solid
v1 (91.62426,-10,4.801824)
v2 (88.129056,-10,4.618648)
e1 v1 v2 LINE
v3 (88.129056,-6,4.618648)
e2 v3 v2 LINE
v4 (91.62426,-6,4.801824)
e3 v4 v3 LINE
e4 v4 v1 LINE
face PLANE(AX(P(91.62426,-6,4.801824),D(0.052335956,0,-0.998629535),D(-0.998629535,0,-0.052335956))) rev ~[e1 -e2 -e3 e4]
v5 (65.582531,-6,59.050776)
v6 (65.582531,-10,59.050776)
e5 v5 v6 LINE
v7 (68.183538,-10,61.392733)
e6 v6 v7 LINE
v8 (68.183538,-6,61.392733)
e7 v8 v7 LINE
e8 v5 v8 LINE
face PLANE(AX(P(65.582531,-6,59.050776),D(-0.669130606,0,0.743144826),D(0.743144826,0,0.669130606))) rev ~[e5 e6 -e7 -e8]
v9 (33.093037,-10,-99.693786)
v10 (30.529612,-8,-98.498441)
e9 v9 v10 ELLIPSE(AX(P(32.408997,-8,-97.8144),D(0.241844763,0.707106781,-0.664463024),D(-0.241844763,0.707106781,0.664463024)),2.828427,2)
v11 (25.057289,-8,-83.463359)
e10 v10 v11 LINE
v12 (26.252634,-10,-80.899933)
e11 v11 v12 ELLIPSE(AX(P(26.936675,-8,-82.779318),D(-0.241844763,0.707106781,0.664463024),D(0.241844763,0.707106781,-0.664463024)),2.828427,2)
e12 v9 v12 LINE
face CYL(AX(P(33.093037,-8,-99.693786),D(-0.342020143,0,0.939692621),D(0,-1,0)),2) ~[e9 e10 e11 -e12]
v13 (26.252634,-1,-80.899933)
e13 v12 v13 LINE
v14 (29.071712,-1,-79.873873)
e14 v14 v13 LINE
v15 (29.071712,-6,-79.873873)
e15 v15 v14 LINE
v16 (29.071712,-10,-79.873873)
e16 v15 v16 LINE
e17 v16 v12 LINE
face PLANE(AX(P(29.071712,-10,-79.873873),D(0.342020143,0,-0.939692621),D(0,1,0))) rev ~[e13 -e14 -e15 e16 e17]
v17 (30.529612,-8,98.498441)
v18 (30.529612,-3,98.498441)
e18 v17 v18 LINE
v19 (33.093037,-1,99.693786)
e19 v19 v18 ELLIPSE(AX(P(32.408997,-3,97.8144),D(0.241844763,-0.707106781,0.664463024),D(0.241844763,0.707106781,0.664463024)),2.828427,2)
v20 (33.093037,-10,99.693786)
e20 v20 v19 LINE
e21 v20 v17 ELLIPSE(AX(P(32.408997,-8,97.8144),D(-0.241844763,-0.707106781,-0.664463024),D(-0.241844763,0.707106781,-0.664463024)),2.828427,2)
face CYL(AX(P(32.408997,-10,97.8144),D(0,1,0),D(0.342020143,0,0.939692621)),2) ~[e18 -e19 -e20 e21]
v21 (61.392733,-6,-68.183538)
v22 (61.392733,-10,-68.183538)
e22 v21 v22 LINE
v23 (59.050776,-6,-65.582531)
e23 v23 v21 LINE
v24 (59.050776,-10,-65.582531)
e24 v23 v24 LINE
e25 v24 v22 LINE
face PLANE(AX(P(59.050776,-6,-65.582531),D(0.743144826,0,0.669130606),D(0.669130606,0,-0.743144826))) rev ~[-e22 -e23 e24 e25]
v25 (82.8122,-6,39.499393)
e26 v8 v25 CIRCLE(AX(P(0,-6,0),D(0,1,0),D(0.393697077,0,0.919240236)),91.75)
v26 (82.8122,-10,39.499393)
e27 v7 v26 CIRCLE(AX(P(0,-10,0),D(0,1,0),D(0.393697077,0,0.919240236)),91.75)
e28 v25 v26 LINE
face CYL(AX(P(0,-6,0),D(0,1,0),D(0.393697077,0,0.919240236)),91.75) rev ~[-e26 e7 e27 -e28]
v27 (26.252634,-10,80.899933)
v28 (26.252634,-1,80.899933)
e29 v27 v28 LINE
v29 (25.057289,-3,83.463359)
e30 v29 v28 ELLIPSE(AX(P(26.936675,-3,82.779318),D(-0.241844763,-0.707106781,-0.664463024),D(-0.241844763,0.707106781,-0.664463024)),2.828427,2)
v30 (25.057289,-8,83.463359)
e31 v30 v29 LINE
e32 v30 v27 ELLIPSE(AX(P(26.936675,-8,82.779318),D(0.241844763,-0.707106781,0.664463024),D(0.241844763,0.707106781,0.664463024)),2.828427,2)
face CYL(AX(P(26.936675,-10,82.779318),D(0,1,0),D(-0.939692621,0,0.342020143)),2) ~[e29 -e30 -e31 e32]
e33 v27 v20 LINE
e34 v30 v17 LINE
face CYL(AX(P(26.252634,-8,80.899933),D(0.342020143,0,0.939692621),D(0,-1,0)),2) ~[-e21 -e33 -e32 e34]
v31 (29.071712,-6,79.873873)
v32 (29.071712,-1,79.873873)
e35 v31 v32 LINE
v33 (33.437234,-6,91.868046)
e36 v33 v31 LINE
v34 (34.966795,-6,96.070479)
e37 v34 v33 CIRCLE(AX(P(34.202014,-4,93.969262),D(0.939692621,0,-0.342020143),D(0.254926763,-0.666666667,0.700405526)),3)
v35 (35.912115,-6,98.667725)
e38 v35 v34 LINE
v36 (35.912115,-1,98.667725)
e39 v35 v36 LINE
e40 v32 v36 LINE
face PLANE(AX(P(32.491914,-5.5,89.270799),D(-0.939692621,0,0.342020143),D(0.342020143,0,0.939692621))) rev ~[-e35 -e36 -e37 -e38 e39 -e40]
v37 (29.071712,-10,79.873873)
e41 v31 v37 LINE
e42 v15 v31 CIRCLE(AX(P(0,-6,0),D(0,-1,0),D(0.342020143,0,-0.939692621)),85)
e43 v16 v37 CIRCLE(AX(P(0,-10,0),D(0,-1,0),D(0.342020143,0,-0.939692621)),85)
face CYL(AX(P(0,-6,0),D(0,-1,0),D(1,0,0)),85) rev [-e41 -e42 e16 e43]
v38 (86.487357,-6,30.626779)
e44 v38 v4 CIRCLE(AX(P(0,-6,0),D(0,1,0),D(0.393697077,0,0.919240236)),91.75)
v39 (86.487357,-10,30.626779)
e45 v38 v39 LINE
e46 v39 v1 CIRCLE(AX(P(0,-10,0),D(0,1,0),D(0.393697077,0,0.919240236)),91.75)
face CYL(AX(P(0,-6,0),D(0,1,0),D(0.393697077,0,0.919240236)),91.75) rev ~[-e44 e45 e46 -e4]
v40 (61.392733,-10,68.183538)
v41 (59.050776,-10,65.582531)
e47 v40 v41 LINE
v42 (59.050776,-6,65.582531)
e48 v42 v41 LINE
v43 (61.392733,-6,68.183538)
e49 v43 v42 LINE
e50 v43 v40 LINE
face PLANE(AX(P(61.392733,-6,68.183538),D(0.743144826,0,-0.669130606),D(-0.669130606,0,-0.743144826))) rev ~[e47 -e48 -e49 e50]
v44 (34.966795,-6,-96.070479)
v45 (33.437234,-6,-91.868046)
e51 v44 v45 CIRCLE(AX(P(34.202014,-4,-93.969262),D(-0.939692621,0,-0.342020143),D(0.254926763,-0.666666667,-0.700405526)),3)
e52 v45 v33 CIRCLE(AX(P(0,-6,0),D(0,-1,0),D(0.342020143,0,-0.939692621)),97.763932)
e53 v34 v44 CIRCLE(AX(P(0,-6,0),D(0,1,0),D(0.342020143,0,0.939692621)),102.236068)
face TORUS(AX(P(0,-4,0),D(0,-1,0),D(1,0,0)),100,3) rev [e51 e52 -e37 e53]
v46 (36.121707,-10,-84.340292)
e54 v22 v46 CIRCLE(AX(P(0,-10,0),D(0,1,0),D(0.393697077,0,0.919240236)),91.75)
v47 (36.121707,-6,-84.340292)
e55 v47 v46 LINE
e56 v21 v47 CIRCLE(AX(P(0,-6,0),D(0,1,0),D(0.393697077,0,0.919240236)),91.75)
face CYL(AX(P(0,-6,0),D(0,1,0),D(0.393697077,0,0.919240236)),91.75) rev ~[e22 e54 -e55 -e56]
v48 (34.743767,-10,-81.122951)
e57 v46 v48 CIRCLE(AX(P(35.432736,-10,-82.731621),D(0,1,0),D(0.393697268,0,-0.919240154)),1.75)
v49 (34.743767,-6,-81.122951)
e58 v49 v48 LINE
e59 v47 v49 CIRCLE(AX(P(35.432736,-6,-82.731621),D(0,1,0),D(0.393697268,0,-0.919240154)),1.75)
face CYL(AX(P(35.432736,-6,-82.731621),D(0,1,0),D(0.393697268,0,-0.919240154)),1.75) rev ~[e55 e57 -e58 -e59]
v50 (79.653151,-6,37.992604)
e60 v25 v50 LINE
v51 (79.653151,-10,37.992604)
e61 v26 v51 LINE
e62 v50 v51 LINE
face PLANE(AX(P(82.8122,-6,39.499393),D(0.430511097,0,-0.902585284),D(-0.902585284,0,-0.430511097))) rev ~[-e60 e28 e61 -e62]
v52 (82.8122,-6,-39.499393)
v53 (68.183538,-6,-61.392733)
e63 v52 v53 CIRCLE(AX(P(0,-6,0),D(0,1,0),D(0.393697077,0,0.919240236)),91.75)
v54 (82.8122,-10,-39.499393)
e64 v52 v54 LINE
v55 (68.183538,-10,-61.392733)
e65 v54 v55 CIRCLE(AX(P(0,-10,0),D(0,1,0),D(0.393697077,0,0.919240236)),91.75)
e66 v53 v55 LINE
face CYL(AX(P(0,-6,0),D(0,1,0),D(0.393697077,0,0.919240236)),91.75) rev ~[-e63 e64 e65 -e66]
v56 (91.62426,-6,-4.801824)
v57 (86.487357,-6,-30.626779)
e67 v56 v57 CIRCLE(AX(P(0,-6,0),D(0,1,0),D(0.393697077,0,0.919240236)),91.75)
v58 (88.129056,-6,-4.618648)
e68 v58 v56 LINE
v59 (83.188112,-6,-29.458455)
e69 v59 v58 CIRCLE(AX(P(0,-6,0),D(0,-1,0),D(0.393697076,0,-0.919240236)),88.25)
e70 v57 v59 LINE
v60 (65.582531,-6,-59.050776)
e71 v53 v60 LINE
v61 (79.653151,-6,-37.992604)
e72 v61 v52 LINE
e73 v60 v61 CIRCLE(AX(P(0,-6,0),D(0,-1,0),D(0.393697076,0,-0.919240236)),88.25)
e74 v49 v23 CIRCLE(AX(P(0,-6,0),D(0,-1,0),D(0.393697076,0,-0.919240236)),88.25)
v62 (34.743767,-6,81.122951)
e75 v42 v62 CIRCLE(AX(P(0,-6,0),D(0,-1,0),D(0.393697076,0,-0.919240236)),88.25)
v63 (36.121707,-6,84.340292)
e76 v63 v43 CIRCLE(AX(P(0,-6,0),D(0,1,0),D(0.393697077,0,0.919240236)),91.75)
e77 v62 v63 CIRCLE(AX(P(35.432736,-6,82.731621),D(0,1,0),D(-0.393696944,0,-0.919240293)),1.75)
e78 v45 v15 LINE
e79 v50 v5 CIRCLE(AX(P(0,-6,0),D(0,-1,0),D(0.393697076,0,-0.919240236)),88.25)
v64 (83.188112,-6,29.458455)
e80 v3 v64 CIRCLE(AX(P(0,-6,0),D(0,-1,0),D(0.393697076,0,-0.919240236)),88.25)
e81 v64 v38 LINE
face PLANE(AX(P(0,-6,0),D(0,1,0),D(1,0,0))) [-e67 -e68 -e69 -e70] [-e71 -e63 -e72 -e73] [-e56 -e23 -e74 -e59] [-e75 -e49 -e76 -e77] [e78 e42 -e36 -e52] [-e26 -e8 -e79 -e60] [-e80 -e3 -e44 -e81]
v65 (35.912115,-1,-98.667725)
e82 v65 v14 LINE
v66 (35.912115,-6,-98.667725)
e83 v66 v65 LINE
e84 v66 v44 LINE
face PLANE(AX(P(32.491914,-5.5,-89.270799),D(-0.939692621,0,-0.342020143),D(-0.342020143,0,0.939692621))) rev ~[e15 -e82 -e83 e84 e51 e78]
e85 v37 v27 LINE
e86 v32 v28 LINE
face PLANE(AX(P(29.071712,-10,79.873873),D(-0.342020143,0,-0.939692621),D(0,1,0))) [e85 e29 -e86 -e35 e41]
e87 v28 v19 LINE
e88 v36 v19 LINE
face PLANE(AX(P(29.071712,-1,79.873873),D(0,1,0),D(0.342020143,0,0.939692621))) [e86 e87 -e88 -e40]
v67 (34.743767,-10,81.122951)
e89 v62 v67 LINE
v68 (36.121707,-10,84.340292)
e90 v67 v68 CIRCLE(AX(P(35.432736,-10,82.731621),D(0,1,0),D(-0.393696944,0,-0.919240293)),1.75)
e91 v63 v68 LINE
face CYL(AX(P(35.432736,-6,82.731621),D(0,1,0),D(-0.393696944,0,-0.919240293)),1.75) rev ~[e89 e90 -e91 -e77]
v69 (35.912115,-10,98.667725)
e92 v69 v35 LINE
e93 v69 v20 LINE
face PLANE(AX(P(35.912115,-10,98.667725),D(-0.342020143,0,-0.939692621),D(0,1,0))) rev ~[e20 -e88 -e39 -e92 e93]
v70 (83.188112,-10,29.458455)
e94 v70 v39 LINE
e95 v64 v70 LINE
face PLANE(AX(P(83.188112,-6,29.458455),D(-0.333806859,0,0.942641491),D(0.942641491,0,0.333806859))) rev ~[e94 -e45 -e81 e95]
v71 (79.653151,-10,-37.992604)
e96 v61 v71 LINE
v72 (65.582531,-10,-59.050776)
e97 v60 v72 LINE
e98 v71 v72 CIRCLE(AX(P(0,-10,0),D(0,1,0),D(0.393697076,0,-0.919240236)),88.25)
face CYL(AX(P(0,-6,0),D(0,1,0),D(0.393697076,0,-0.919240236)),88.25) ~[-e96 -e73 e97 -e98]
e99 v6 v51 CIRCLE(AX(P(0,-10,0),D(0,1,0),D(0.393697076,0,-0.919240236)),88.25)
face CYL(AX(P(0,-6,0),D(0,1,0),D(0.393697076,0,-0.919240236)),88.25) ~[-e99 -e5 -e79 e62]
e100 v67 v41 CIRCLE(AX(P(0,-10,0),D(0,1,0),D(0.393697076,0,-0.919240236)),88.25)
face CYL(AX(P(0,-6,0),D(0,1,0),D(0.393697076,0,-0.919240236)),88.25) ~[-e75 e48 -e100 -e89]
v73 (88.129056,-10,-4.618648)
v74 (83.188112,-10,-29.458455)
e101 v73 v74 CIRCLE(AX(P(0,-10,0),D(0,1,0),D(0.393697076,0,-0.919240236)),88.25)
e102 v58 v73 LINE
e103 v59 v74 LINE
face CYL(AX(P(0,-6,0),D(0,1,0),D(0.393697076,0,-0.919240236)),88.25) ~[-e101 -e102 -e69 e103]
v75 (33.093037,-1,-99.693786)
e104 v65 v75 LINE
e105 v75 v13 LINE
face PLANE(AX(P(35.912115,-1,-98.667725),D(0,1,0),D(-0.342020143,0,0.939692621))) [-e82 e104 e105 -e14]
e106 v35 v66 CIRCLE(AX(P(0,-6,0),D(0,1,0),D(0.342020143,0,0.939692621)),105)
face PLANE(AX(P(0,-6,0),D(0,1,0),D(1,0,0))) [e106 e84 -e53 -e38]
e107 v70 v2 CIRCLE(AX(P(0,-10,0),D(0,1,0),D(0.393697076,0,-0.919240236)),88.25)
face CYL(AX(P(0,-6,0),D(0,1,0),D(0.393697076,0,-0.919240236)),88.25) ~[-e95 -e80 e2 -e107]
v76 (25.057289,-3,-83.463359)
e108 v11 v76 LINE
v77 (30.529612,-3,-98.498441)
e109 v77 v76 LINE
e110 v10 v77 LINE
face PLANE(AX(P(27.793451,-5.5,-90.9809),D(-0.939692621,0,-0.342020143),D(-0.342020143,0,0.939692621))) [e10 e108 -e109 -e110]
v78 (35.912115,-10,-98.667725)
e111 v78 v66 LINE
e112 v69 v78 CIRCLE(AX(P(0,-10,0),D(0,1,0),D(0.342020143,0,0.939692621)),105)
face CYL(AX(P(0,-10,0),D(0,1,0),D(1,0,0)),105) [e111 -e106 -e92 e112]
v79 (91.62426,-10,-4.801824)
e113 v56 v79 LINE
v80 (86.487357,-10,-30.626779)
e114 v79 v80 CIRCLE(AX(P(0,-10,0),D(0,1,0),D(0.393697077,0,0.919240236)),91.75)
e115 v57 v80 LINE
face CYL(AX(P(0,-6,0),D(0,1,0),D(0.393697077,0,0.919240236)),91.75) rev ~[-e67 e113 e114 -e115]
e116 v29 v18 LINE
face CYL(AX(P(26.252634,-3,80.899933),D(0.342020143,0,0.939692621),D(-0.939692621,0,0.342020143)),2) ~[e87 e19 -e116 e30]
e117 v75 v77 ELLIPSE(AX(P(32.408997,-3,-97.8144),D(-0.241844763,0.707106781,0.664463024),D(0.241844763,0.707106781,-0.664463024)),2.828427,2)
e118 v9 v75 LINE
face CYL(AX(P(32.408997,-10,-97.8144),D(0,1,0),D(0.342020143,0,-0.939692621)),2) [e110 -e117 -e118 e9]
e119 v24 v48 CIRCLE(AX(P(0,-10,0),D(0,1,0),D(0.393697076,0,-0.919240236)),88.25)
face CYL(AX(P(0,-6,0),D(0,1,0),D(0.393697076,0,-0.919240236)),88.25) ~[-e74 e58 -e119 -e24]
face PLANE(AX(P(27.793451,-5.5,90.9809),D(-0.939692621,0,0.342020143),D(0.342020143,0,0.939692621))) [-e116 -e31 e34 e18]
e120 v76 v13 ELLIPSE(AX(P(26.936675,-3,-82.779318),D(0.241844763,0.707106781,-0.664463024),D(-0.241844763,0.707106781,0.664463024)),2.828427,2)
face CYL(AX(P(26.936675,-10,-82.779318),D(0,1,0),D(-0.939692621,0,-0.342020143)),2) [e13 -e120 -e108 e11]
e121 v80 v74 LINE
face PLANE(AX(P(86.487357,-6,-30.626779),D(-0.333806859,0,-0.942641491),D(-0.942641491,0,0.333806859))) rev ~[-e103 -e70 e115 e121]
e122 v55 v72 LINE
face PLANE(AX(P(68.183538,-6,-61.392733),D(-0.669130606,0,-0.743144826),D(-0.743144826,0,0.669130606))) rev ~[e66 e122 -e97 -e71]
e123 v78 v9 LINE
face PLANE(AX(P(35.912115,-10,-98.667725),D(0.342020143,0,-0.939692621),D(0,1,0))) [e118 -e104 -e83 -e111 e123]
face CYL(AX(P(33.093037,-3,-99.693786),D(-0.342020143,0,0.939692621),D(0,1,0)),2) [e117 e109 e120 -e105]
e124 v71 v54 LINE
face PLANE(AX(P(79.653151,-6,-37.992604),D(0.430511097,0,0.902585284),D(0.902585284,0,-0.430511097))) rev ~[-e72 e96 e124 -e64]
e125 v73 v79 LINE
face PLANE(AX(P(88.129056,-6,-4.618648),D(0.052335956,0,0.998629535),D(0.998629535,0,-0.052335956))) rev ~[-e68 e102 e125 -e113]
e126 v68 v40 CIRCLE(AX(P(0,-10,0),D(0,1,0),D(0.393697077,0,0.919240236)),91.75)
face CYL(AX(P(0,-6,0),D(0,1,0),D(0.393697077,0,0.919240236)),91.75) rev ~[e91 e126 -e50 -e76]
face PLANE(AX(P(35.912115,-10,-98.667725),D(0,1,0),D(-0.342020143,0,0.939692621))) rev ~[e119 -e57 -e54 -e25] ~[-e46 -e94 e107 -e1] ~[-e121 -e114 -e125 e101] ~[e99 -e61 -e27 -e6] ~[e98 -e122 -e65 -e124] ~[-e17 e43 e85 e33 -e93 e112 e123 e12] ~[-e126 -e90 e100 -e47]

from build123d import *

# Parameters (mm, degrees)
REVOLVE_1_ANGLE     = 140
SKETCH_3_W          = 20
SKETCH_3_H          = 9
EXTRUDE_1_DEPTH     = 5
SKETCH_4_W          = 20
SKETCH_4_H          = 9
EXTRUDE_2_DEPTH     = 5
CUT_EXTRUDE_1_DEPTH = 5
FILLET_1_R          = 2
EXTRUDE_START       = -4
EXTRUDE_3_DEPTH     = 4


with BuildPart() as part:
    # 草图2 → 旋转1 (revolve, symmetric)
    with BuildSketch(Plane.XY) as revolve_1_sk:
        with BuildLine():
            ThreePointArc((102.236067977, -6), (100, -7), (97.763932023, -6))
            Line((97.763932023, -6), (85, -6))
            Line((85, -6), (85, -10))
            Line((85, -10), (105, -10))
            Line((105, -10), (105, -6))
            Line((105, -6), (102.236067977, -6))
        make_face()
    revolve(axis=Axis((0, 24.366902053, 0), (0, -1, 0)), revolution_arc=REVOLVE_1_ANGLE / 2)
    revolve(revolve_1_sk.sketch, axis=Axis((0, 24.366902053, 0), (0, 1, 0)), revolution_arc=REVOLVE_1_ANGLE / 2)

    # 草图3 → 凸台-拉伸1 (add)
    with BuildSketch(Plane(origin=(0, 0, 0), x_dir=(0.34202014332566616, 0, 0.9396926207859094), z_dir=(-0.9396926207859093, 0, 0.3420201433256661))):
        with Locations((95, -5.5)):
            Rectangle(SKETCH_3_W, SKETCH_3_H)
    extrude(amount=EXTRUDE_1_DEPTH)

    # 草图4 → 凸台-拉伸2 (add)
    with BuildSketch(Plane(origin=(0, 0, 0), x_dir=(-0.34202014332566616, 0, 0.9396926207859094), z_dir=(-0.9396926207859094, 0, -0.34202014332566616))):
        with Locations((-95, -5.5)):
            Rectangle(SKETCH_4_W, SKETCH_4_H)
    extrude(amount=EXTRUDE_2_DEPTH)

    # 草图5 → 切除-拉伸1 (cut)
    with BuildSketch(Plane(origin=(0, -6, 0), x_dir=(1, 0, 0), z_dir=(0, 1, 0))):
        with BuildLine():
            ThreePointArc((34.743766956, 81.122950869), (88.25, -6.1e-08), (34.743766843, -81.122950917))
            ThreePointArc((34.743766843, -81.122950917), (33.82406612, -83.420591403), (36.121706789, -84.340291668))
            ThreePointArc((36.121706789, -84.340291668), (91.75, 4e-08), (36.121706715, 84.3402917))
            ThreePointArc((36.121706715, 84.3402917), (33.82406608, 83.42059131), (34.743766956, 81.122950869))
        make_face()
    extrude(amount=-CUT_EXTRUDE_1_DEPTH, mode=Mode.SUBTRACT)

    # 圆角1
    fillet_1_edges = [part.edges().sort_by_distance(p)[0] for p in [
        (24.373249079, -5.5, 81.583973483),
        (31.213651945, -5.5, 100.377825899),
        (27.793450512, -1, 90.980899691),
        (27.793450512, -10, 90.980899691),
        (31.213651945, -5.5, -100.377825899),
        (24.373249079, -5.5, -81.583973483),
        (27.793450512, -1, -90.980899691),
        (27.793450512, -10, -90.980899691),
    ]]
    fillet(fillet_1_edges, radius=FILLET_1_R)

    # 草图6 → 凸台-拉伸3 (add)
    with BuildSketch(Plane.XZ.offset(10).offset(EXTRUDE_START)):
        with BuildLine():
            ThreePointArc((59.050776011, 65.582530848), (62.40217344, 62.40217344), (65.582530848, 59.050776011))
            Line((65.582530848, 59.050776011), (68.183537738, 61.392733133))
            ThreePointArc((68.183537738, 61.392733133), (64.877047174, 64.877047174), (61.392733133, 68.183537738))
            Line((61.392733133, 68.183537738), (59.050776011, 65.582530848))
        make_face()
        with BuildLine():
            ThreePointArc((79.653151344, 37.992604293), (81.532368744, 33.771812906), (83.188111589, 29.458455327))
            Line((83.188111589, 29.458455327), (86.487356808, 30.626779335))
            ThreePointArc((86.487356808, 30.626779335), (84.765947108, 35.111204919), (82.812199839, 39.499393132))
            Line((82.812199839, 39.499393132), (79.653151344, 37.992604293))
        make_face()
        with BuildLine():
            Line((91.624259814, 4.801823985), (88.129056442, 4.618648138))
            ThreePointArc((88.129056442, 4.618648138), (88.219758929, 2.310115688), (88.25, 0))
            ThreePointArc((88.25, 0), (88.219758929, -2.310115688), (88.129056442, -4.618648138))
            Line((88.129056442, -4.618648138), (91.624259814, -4.801823985))
            ThreePointArc((91.624259814, -4.801823985), (91.718559567, -2.401735007), (91.75, 0))
            ThreePointArc((91.75, 0), (91.718559567, 2.401735007), (91.624259814, 4.801823985))
        make_face()
        with BuildLine():
            ThreePointArc((83.188111589, -29.458455327), (81.532368744, -33.771812906), (79.653151344, -37.992604293))
            Line((79.653151344, -37.992604293), (82.812199839, -39.499393132))
            ThreePointArc((82.812199839, -39.499393132), (84.765947108, -35.111204919), (86.487356808, -30.626779335))
            Line((86.487356808, -30.626779335), (83.188111589, -29.458455327))
        make_face()
        with BuildLine():
            ThreePointArc((65.582530848, -59.050776011), (62.40217344, -62.40217344), (59.050776011, -65.582530848))
            Line((59.050776011, -65.582530848), (61.392733133, -68.183537738))
            ThreePointArc((61.392733133, -68.183537738), (64.877047174, -64.877047174), (68.183537738, -61.392733133))
            Line((68.183537738, -61.392733133), (65.582530848, -59.050776011))
        make_face()
    extrude(amount=EXTRUDE_3_DEPTH)


solid = part.part
